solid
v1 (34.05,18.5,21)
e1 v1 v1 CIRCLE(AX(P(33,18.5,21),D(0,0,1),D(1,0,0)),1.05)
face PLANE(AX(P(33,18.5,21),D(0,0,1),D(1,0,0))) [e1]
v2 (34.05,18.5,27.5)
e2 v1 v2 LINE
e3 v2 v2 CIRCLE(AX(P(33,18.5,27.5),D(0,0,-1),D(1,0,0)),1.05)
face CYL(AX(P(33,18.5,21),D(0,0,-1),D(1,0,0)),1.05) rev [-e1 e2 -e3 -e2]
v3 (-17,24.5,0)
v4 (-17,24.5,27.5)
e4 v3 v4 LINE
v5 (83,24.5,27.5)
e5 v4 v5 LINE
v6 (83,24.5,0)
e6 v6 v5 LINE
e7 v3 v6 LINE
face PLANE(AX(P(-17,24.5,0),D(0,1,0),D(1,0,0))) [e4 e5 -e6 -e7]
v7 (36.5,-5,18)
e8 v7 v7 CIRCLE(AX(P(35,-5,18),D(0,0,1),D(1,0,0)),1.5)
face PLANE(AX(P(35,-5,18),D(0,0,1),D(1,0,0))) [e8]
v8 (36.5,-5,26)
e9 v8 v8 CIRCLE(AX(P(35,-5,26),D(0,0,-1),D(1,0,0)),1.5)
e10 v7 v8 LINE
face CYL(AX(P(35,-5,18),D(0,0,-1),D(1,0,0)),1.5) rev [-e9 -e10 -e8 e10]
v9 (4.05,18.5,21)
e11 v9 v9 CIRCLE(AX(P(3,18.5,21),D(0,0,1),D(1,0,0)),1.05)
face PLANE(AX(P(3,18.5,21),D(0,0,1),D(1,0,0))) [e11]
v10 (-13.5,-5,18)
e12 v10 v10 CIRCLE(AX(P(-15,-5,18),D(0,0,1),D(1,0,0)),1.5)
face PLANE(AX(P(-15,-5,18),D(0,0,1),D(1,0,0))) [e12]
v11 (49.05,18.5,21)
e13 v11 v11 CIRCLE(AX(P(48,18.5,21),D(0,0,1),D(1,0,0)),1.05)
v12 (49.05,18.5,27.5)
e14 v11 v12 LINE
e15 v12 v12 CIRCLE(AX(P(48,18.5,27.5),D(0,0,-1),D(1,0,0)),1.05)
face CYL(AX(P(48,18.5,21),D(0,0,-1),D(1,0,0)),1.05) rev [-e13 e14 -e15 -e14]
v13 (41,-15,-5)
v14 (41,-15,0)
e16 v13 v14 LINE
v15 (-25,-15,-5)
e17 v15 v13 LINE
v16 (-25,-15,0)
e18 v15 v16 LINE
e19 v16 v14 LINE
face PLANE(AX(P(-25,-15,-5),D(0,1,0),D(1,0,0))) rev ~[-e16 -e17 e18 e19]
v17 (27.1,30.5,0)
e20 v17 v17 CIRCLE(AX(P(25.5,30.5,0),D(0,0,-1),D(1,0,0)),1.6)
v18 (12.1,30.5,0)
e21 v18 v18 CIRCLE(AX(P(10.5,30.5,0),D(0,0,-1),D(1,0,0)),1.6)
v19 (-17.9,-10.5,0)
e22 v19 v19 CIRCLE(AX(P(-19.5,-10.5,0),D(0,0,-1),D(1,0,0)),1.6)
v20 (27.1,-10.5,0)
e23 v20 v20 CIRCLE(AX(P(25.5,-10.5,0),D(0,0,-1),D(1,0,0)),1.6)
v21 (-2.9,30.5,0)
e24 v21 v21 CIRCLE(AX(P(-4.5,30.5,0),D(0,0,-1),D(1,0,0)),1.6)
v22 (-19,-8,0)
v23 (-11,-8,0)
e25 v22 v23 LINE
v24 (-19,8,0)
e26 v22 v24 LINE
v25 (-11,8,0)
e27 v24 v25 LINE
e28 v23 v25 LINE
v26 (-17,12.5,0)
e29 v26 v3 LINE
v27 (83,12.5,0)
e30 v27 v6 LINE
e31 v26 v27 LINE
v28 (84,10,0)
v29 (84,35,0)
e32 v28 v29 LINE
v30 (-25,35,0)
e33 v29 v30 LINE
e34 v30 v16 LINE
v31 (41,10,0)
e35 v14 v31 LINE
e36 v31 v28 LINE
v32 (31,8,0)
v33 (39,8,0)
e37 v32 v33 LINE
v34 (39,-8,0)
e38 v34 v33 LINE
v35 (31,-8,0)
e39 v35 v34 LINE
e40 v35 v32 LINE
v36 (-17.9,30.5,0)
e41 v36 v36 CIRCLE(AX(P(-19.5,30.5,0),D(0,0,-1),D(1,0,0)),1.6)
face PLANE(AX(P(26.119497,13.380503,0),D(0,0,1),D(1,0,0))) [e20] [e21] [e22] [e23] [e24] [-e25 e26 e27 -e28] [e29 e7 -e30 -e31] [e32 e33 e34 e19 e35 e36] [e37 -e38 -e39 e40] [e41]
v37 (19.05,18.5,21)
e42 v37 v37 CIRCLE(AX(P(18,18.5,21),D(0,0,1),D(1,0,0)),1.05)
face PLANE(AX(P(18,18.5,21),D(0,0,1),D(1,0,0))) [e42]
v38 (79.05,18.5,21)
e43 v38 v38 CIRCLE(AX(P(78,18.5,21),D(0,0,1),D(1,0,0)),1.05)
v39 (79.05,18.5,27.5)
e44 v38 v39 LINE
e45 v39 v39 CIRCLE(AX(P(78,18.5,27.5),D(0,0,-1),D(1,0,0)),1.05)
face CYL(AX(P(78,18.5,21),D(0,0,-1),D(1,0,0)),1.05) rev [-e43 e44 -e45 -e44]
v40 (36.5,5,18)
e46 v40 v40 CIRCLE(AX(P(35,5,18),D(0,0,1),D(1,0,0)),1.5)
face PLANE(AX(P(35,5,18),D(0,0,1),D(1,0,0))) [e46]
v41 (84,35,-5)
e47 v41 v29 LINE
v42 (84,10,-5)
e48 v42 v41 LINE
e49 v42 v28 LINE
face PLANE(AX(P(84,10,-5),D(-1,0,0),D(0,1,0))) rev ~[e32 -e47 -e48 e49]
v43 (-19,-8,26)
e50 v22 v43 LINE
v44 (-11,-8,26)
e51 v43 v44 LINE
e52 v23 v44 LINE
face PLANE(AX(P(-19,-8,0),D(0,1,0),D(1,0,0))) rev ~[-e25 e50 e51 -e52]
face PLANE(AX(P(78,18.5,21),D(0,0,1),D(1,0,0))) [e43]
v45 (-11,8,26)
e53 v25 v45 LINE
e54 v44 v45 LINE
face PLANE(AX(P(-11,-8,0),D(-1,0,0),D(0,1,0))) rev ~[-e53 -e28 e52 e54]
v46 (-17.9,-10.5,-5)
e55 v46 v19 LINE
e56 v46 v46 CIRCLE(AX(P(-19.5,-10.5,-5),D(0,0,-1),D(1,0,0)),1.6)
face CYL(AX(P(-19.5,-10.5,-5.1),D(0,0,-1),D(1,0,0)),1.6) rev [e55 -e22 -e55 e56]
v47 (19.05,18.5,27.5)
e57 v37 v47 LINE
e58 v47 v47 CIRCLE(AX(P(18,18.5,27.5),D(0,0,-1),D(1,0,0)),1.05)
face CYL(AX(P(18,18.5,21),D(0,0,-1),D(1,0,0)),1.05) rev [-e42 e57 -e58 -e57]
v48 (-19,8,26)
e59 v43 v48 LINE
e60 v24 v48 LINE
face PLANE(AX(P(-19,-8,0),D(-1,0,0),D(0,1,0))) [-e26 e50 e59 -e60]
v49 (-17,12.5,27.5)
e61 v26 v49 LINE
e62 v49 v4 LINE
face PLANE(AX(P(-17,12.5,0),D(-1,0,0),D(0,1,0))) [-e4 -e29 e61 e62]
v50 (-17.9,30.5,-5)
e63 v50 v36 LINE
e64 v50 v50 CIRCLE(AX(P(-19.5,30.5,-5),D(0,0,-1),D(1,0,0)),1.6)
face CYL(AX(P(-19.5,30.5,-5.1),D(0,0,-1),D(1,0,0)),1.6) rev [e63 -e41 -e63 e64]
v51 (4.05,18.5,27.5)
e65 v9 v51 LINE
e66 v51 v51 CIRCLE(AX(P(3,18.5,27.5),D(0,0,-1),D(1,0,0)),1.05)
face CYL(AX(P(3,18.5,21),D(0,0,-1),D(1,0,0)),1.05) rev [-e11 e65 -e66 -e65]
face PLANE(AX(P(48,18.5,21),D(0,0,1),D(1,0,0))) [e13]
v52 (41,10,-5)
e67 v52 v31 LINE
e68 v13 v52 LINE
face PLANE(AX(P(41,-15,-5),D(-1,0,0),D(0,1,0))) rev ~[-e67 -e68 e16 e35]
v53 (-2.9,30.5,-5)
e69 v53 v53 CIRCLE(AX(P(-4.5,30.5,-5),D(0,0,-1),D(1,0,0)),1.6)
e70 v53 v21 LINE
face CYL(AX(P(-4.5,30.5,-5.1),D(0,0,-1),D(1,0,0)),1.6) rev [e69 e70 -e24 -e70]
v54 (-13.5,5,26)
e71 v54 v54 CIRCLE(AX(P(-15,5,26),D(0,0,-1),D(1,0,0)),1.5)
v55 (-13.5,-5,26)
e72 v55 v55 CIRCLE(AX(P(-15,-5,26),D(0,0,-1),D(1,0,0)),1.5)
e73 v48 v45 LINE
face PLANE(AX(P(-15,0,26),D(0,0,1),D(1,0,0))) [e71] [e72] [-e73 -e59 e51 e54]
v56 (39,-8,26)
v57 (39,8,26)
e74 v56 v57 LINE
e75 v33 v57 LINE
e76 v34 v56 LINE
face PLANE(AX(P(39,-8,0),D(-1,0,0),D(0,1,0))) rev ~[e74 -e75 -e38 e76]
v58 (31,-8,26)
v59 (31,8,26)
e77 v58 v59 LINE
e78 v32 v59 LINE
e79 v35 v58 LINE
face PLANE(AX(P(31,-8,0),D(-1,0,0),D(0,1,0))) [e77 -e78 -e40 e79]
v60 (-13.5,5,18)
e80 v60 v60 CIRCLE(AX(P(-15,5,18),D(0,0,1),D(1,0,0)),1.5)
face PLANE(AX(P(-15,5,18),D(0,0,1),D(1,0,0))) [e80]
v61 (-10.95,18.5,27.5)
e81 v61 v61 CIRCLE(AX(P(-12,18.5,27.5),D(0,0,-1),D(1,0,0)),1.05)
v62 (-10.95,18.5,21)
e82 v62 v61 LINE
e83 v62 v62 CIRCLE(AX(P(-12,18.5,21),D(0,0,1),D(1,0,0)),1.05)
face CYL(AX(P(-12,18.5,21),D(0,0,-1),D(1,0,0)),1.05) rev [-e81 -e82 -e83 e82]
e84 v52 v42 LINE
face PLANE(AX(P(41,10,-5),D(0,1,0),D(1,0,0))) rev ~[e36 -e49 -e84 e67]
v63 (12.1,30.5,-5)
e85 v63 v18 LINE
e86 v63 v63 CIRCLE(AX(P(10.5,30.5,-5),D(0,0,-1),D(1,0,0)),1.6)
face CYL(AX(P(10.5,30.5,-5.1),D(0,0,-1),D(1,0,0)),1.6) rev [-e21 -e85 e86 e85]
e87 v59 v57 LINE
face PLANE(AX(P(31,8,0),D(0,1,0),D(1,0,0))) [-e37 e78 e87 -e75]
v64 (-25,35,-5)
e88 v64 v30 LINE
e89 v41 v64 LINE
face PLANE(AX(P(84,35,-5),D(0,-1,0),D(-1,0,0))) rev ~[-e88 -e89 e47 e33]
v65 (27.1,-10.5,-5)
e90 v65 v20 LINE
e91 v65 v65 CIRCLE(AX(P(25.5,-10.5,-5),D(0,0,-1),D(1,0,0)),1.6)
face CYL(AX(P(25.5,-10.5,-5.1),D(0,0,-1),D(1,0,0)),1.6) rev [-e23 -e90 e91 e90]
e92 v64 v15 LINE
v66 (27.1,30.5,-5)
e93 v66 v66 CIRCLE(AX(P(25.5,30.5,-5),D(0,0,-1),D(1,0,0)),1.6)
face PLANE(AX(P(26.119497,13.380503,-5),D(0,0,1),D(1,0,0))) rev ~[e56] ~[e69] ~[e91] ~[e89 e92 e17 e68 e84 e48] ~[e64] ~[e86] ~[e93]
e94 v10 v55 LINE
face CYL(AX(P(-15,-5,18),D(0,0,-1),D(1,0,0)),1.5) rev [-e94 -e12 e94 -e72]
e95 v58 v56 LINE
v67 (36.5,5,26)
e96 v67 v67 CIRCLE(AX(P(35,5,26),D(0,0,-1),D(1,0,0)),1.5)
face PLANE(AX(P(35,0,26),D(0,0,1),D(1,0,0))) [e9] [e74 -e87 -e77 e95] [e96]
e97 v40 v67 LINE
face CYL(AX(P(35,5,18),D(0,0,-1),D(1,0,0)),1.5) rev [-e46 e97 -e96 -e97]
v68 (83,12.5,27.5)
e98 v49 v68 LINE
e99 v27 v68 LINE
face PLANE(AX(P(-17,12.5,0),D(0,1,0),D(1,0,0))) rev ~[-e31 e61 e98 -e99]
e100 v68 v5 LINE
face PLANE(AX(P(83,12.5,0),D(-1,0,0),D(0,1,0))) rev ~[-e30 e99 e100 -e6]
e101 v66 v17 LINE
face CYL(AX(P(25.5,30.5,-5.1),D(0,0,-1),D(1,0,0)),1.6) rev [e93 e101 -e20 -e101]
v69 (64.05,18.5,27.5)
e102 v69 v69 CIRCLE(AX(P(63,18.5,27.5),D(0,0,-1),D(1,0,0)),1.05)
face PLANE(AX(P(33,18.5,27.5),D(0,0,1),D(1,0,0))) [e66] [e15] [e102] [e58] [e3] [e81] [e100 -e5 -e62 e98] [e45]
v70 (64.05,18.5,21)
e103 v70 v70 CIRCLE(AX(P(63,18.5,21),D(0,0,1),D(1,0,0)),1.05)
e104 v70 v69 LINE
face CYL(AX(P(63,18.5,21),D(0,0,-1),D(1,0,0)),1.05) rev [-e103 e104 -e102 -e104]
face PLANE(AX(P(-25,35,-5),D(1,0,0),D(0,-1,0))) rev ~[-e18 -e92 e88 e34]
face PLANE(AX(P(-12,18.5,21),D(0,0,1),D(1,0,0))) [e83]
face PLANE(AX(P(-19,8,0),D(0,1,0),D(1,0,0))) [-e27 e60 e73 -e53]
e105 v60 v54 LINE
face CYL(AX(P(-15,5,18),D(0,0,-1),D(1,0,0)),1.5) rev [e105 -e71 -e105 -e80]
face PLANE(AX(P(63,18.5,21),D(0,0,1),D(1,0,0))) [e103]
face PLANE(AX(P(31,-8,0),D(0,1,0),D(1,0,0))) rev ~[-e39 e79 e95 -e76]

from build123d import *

# Parameters (mm, degrees)
BASE_START                = -5
BASE_PLATE_DEPTH          = 5
MOUNTING_START            = -5.1
MOUNTING_HOLES_PROFILE_R  = 1.6
MOUNTING_HOLES_DEPTH      = 5.3
RAIL_SUPPORT_PROFILE_W    = 100
RAIL_SUPPORT_PROFILE_H    = 12
RAIL_SUPPORT_DEPTH        = 27.5
RAIL_START                = 21
RAIL_FASTENERS_PROFILE_R  = 1.05
RAIL_FASTENERS_DEPTH      = 6.6
SERVO_SUPPORTS_PROFILE_W  = 8
SERVO_SUPPORTS_PROFILE_H  = 16
SERVO_SUPPORTS_DEPTH      = 26
SERVO_START               = 18
SERVO_FASTENERS_PROFILE_R = 1.5
SERVO_FASTENERS_DEPTH     = 8.1


with BuildPart() as part:
    # Base plate profile → Base plate (new body)
    with BuildSketch(Plane.XY.offset(BASE_START)):
        Polygon((-25, -15), (41, -15), (41, 10), (84, 10), (84, 35), (10, 35), (-10, 35), (-25, 35), align=None)
    extrude(amount=BASE_PLATE_DEPTH)

    # Mounting holes profile → Mounting holes (cut)
    with BuildSketch(Plane.XY.offset(MOUNTING_START)):
        with Locations((-19.5, -10.5)):
            Circle(MOUNTING_HOLES_PROFILE_R)
        with Locations((-19.5, 30.5)):
            Circle(MOUNTING_HOLES_PROFILE_R)
        with Locations((25.5, -10.5)):
            Circle(MOUNTING_HOLES_PROFILE_R)
        with Locations((25.5, 30.5)):
            Circle(MOUNTING_HOLES_PROFILE_R)
        with Locations((-4.5, 30.5)):
            Circle(MOUNTING_HOLES_PROFILE_R)
        with Locations((10.5, 30.5)):
            Circle(MOUNTING_HOLES_PROFILE_R)
    extrude(amount=MOUNTING_HOLES_DEPTH, mode=Mode.SUBTRACT)

    # Rail support profile → Rail support (add)
    with BuildSketch(Plane.XY):
        with Locations((33, 18.5)):
            Rectangle(RAIL_SUPPORT_PROFILE_W, RAIL_SUPPORT_PROFILE_H)
    extrude(amount=RAIL_SUPPORT_DEPTH)

    # Rail fasteners profile → Rail fasteners (cut)
    with BuildSketch(Plane.XY.offset(RAIL_START)):
        with Locations((-12, 18.5)):
            Circle(RAIL_FASTENERS_PROFILE_R)
        with Locations((3, 18.5)):
            Circle(RAIL_FASTENERS_PROFILE_R)
        with Locations((18, 18.5)):
            Circle(RAIL_FASTENERS_PROFILE_R)
        with Locations((33, 18.5)):
            Circle(RAIL_FASTENERS_PROFILE_R)
        with Locations((48, 18.5)):
            Circle(RAIL_FASTENERS_PROFILE_R)
        with Locations((63, 18.5)):
            Circle(RAIL_FASTENERS_PROFILE_R)
        with Locations((78, 18.5)):
            Circle(RAIL_FASTENERS_PROFILE_R)
    extrude(amount=RAIL_FASTENERS_DEPTH, mode=Mode.SUBTRACT)

    # Servo supports profile → Servo supports (add)
    with BuildSketch(Plane.XY):
        with Locations((-15, 0)):
            Rectangle(SERVO_SUPPORTS_PROFILE_W, SERVO_SUPPORTS_PROFILE_H)
        with Locations((35, 0)):
            Rectangle(SERVO_SUPPORTS_PROFILE_W, SERVO_SUPPORTS_PROFILE_H)
    extrude(amount=SERVO_SUPPORTS_DEPTH)

    # Servo fasteners profile → Servo fasteners (cut)
    with BuildSketch(Plane.XY.offset(SERVO_START)):
        with Locations((-15, -5)):
            Circle(SERVO_FASTENERS_PROFILE_R)
        with Locations((-15, 5)):
            Circle(SERVO_FASTENERS_PROFILE_R)
        with Locations((35, -5)):
            Circle(SERVO_FASTENERS_PROFILE_R)
        with Locations((35, 5)):
            Circle(SERVO_FASTENERS_PROFILE_R)
    extrude(amount=SERVO_FASTENERS_DEPTH, mode=Mode.SUBTRACT)


solid = part.part
